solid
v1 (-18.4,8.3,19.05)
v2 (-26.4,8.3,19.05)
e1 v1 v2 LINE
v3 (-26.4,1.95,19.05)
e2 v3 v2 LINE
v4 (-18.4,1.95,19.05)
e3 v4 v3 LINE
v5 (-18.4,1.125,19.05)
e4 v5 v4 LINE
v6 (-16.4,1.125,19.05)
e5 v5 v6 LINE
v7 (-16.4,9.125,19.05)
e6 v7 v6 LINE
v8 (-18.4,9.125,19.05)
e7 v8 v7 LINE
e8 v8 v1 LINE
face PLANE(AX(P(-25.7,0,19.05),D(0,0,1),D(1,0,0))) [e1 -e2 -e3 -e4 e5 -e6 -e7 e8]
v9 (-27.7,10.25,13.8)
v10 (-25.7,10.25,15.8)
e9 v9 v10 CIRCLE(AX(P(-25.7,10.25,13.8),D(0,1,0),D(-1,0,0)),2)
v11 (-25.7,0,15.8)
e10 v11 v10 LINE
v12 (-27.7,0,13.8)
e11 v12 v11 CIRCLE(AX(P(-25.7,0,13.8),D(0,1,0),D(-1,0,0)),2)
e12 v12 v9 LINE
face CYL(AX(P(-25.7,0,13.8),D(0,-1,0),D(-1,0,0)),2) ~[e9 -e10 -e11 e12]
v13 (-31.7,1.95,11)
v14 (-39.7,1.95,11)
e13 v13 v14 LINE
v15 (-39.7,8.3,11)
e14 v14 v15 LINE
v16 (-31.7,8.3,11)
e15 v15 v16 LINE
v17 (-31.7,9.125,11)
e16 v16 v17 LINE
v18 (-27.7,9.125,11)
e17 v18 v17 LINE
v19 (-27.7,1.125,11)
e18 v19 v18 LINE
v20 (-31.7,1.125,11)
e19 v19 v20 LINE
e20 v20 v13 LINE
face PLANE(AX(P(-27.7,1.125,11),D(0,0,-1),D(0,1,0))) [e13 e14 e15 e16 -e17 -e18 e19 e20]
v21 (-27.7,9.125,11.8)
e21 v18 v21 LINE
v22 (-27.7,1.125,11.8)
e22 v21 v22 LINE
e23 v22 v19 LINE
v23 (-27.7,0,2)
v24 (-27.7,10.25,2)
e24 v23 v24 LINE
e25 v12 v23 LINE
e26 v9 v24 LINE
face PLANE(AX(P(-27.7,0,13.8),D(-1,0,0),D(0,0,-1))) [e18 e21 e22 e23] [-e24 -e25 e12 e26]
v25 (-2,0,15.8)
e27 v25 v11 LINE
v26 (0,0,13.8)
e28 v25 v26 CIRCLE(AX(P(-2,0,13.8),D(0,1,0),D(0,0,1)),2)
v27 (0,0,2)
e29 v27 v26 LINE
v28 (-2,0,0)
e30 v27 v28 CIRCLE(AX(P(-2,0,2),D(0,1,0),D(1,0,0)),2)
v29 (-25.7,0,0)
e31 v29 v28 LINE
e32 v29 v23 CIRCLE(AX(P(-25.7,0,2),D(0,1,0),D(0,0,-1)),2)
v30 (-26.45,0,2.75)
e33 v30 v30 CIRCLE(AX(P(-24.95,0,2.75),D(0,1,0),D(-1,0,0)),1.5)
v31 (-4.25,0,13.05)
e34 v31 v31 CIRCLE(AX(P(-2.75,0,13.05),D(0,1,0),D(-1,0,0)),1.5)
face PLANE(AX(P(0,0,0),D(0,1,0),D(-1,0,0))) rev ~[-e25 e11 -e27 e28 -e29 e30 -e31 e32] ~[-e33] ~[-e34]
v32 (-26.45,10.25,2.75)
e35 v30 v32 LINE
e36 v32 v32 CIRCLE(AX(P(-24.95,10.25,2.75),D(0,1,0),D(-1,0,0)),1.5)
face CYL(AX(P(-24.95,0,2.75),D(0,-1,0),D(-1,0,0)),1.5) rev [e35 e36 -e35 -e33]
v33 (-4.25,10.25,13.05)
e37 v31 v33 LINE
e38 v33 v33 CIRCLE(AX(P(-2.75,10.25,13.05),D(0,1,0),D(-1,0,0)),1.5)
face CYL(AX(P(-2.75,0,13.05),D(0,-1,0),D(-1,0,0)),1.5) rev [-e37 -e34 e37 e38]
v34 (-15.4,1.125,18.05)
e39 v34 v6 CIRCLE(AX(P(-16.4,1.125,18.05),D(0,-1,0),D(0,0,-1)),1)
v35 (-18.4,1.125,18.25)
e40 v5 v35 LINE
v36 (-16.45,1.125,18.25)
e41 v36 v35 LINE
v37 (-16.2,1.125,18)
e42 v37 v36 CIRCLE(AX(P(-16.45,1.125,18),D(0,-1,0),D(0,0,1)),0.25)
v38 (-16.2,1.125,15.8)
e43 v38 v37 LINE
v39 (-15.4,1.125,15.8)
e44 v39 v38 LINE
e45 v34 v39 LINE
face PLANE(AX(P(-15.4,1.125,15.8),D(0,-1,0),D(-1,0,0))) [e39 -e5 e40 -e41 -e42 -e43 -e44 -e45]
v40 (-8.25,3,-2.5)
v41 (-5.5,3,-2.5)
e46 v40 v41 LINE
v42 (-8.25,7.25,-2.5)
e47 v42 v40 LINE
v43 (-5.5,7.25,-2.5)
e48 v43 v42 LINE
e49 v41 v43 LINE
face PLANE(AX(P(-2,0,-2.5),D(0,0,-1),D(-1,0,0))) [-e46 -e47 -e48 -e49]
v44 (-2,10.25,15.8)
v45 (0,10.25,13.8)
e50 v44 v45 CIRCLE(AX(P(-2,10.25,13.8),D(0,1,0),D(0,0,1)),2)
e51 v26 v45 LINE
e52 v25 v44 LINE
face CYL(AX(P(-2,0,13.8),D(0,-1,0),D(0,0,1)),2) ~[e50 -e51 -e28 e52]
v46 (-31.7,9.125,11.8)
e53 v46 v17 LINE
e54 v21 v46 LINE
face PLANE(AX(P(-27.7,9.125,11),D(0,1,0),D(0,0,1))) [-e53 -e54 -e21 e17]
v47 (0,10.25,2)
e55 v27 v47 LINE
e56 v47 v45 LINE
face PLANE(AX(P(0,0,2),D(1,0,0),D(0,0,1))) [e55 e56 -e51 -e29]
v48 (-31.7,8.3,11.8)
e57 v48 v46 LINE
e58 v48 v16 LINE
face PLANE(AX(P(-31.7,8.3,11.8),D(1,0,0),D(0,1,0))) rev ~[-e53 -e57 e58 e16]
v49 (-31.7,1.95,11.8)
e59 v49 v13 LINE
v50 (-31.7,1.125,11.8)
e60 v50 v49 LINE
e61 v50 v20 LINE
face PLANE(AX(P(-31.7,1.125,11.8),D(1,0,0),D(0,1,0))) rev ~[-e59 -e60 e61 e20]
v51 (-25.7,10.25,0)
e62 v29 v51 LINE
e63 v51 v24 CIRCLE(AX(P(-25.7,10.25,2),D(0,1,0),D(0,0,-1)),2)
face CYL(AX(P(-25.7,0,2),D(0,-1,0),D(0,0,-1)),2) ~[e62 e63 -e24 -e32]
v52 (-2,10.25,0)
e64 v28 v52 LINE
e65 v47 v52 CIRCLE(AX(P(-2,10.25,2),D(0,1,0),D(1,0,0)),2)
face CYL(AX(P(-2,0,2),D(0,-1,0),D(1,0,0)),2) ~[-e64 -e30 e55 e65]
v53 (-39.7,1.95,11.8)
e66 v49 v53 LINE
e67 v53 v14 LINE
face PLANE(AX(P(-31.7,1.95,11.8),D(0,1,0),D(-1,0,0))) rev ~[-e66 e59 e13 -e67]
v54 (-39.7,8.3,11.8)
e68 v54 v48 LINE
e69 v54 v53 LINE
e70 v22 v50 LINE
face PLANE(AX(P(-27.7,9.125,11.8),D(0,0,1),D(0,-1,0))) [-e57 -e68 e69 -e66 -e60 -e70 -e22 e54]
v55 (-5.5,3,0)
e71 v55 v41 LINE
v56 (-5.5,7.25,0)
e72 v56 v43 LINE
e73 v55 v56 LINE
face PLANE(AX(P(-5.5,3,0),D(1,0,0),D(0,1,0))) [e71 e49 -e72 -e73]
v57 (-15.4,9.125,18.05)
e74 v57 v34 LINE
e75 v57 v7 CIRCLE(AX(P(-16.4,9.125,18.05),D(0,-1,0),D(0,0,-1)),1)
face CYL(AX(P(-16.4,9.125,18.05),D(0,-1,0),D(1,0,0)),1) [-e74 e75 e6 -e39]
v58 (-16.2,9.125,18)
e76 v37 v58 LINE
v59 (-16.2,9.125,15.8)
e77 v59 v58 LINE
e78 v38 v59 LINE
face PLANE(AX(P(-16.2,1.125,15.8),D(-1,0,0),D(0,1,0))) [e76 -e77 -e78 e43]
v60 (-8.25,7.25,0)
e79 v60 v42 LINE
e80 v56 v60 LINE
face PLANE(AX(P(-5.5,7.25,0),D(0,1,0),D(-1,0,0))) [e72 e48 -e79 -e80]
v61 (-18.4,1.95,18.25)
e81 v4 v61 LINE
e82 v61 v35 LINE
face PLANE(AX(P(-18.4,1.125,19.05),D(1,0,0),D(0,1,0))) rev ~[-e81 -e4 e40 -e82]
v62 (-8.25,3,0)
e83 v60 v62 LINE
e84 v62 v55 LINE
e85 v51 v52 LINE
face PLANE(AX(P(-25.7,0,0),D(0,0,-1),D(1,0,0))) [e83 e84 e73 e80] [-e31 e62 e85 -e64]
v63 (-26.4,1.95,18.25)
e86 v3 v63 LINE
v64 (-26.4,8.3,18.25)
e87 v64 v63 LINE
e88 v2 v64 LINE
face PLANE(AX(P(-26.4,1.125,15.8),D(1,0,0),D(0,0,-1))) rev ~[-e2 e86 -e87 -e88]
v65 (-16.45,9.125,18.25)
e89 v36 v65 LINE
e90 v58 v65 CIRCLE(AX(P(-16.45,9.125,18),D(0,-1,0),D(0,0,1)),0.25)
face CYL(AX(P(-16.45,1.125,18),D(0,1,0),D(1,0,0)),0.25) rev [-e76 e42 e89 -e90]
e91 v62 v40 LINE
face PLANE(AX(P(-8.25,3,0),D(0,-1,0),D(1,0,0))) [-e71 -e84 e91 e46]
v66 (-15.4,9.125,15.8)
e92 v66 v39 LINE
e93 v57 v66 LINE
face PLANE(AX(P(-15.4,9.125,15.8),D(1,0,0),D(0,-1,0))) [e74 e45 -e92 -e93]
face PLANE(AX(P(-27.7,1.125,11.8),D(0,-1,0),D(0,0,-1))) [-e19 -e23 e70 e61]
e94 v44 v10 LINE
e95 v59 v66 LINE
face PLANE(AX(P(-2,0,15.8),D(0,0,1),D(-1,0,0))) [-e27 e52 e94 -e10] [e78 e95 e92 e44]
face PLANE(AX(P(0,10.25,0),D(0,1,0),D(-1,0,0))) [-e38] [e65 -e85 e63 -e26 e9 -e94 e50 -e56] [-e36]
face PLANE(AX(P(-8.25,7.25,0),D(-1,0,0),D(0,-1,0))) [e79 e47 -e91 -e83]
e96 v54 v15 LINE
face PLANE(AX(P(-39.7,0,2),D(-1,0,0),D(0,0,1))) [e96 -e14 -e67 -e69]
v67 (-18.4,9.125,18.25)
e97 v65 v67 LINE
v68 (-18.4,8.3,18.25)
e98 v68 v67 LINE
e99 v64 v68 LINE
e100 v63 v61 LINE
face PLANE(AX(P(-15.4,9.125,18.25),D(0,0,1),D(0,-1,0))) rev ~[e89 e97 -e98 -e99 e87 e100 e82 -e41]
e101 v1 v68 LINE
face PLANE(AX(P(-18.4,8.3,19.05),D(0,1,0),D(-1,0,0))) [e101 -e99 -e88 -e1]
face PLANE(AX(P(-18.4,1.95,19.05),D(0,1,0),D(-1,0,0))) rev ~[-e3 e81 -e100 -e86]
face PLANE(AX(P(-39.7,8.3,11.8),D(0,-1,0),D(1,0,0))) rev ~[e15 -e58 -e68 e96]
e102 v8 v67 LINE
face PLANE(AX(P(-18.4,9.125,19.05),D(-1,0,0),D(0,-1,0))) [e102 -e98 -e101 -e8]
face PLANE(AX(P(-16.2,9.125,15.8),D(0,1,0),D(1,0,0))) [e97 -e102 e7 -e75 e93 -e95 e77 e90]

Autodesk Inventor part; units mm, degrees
ref_plane "YZ Plane" through (0, 0, 0) normal (1, 0, 0) x (0, 1, 0)
ref_plane "XZ Plane" through (0, 0, 0) normal (0, 1, 0) x (-1, 0, 0)
ref_plane "XY Plane" through (0, 0, 0) normal (0, 0, 1) x (1, 0, 0)
sketch "Sketch1" plane through (0, 0, 0) normal (0, 1, 0) x (-1, 0, 0)
  circle A0 centre (2.75, 13.05) radius 1.5
  circle A1 centre (24.95, 2.75) radius 1.5
  line L0 (2, 15.8) -> (25.7, 15.8)
  line L1 (27.7, 13.8) -> (27.7, 2)
  line L2 (25.7, 0) -> (2, 0)
  line L3 (0, 2) -> (0, 13.8)
  arc A2 (0, 2) -> (2, 0) centre (2, 2) ccw
  arc A3 (25.7, 0) -> (27.7, 2) centre (25.7, 2) ccw
  arc A4 (27.7, 13.8) -> (25.7, 15.8) centre (25.7, 13.8) ccw
  arc A5 (2, 15.8) -> (0, 13.8) centre (2, 13.8) ccw
  point P0 (0, 0)
  point P1 (0, 0)
  point P2 (0, 0)
  dimension "d0" = 10.3
  dimension "d1" = 22.2
  dimension "d2" = 2.75
  dimension "d3" = 2.75
  dimension "d4" = 2.75
  dimension "d5" = 2.75
  dimension "d6" = 3
  dimension "d7" = 2
extrude "Extrusion1" add sketch "Sketch1" along normal blind 10.25
sketch "Sketch2" plane through (-2, 0, 0) normal (0, 0, -1) x (-1, 0, 0)
  line L0 (0, 0) -> (23.7, 0) projected
  line L1 (0, 10.25) -> (23.7, 10.25) projected
  line L2 (0, 0) -> (0, 10.25) projected
  line L3 (3.5, 7.25) -> (6.25, 7.25)
  line L4 (6.25, 7.25) -> (6.25, 3)
  line L5 (6.25, 3) -> (3.5, 3)
  line L6 (3.5, 3) -> (3.5, 7.25)
  point P0 (-2, 0)
  dimension "d10" = 4.25
  dimension "d12" = 2.75
  dimension "d13" = 3
  dimension "d14" = 3
  dimension "d15" = 3.5
extrude "Extrusion2" add sketch "Sketch2" along normal blind 2.5
sketch "Sketch3" plane through (-27.7, 0, 2) normal (-1, 0, 0) x (0, 0, 1)
  line L0 (0, 0) -> (11.8, 0) projected
  line L1 (0, 10.25) -> (11.8, 10.25) projected
  line L2 (9, 9.125) -> (9.8, 9.125)
  line L3 (9.8, 9.125) -> (9.8, 1.125)
  line L4 (9.8, 1.125) -> (9, 1.125)
  line L5 (9, 1.125) -> (9, 9.125)
  line L6 (-2, 0) -> (-2, 10.25) projected
  dimension "d18" = 8
  dimension "d20" = 0.8
  dimension "d21" = 1.125
  dimension "d22" = 1.125
  dimension "d23" = 11
extrude "Extrusion3" add sketch "Sketch3" along normal blind 12
sketch "Sketch5" plane through (-25.7, 0, 15.8) normal (0, 0, 1) x (1, 0, 0)
  line L0 (0, 0) -> (23.7, 0) projected
  line L1 (23.7, 0) -> (23.7, 10.25) projected
  line L2 (0, 10.25) -> (23.7, 10.25) projected
  line L3 (9.5, 9.125) -> (10.3, 9.125)
  line L4 (10.3, 9.125) -> (10.3, 1.125)
  line L5 (10.3, 1.125) -> (9.5, 1.125)
  line L6 (9.5, 1.125) -> (9.5, 9.125)
  line L7 (0, 0) -> (0, 10.25) projected
  point P0 (25.7, 0)
  dimension "d29" = 8
  dimension "d31" = 0.8
  dimension "d33" = 1.125
  dimension "d34" = 1.125
  dimension "d49" = 9.5
  dimension "d50" = 13.4
extrude "Extrusion5" add sketch "Sketch5" along normal blind 3.25 contours L3 L4 L5 L6
sketch "Sketch6" plane through (-15.4, 1.125, 15.8) normal (1, 0, 0) x (0, 0, -1)
  line L0 (0, 0) -> (-3.25, 0) projected
  line L1 (-3.25, 8) -> (-2.45, 8)
  line L2 (-2.45, 8) -> (-2.45, 0)
  line L3 (-2.45, 0) -> (-3.25, 0)
  line L4 (-3.25, 0) -> (-3.25, 8)
  point P0 (15.8, -1.125)
  dimension "d37" = 0.8
extrude "Extrusion6" add sketch "Sketch6" against normal blind 11
fillet "Fillet1" radius 1 1 edges at (-15.4, 5.125, 19.05)
fillet "Fillet2" radius 0.25 1 edges at (-16.2, 5.125, 18.25)
sketch "Sketch9" plane through (-25.7, 0, 19.05) normal (0, 0, 1) x (1, 0, 0)
  line L0 (9.3, 9.125) -> (-0.7, 9.125) projected
  line L1 (-0.7, 1.125) -> (-0.7, 9.125) projected
  line L2 (9.3, 1.125) -> (-0.7, 1.125) projected
  line L3 (7.3, 9.125) -> (7.3, 8.3)
  line L4 (7.3, 8.3) -> (-0.7, 8.3)
  line L5 (7.3, 1.125) -> (7.3, 1.95)
  line L6 (7.3, 1.95) -> (-0.7, 1.95)
  line L7 (10.3, 1.125) -> (10.3, 9.125) projected
  point P0 (25.7, 0)
  dimension "d51" = 6.35
  dimension "d53" = 3
extrude "Extrusion9" cut sketch "Sketch9" against normal up to next
sketch "Sketch10" plane through (-27.7, 1.125, 11.8) normal (0, 0, 1) x (1, 0, 0)
  line L0 (0, 8) -> (-12, 8) projected
  line L1 (-12, 0) -> (-12, 8) projected
  line L2 (0, 0) -> (-12, 0) projected
  line L3 (-12, 7.175) -> (-4, 7.175)
  line L4 (-4, 7.175) -> (-4, 8)
  line L5 (-4, 0) -> (-4, 0.825)
  line L6 (-4, 0.825) -> (-12, 0.825)
  point P0 (27.7, -1.125)
  dimension "d56" = 6.35
  dimension "d57" = 8
extrude "Extrusion10" cut sketch "Sketch10" against normal up to next
equation "\"d3\" = d2"
equation "\"d4\" = d2"
equation "\"d5\" = d2"
equation "\"d13\" = d14"
equation "\"d21\" = d22"
equation "\"d33\" = d34"
properties part number "EndStop_LimitSwitch"
